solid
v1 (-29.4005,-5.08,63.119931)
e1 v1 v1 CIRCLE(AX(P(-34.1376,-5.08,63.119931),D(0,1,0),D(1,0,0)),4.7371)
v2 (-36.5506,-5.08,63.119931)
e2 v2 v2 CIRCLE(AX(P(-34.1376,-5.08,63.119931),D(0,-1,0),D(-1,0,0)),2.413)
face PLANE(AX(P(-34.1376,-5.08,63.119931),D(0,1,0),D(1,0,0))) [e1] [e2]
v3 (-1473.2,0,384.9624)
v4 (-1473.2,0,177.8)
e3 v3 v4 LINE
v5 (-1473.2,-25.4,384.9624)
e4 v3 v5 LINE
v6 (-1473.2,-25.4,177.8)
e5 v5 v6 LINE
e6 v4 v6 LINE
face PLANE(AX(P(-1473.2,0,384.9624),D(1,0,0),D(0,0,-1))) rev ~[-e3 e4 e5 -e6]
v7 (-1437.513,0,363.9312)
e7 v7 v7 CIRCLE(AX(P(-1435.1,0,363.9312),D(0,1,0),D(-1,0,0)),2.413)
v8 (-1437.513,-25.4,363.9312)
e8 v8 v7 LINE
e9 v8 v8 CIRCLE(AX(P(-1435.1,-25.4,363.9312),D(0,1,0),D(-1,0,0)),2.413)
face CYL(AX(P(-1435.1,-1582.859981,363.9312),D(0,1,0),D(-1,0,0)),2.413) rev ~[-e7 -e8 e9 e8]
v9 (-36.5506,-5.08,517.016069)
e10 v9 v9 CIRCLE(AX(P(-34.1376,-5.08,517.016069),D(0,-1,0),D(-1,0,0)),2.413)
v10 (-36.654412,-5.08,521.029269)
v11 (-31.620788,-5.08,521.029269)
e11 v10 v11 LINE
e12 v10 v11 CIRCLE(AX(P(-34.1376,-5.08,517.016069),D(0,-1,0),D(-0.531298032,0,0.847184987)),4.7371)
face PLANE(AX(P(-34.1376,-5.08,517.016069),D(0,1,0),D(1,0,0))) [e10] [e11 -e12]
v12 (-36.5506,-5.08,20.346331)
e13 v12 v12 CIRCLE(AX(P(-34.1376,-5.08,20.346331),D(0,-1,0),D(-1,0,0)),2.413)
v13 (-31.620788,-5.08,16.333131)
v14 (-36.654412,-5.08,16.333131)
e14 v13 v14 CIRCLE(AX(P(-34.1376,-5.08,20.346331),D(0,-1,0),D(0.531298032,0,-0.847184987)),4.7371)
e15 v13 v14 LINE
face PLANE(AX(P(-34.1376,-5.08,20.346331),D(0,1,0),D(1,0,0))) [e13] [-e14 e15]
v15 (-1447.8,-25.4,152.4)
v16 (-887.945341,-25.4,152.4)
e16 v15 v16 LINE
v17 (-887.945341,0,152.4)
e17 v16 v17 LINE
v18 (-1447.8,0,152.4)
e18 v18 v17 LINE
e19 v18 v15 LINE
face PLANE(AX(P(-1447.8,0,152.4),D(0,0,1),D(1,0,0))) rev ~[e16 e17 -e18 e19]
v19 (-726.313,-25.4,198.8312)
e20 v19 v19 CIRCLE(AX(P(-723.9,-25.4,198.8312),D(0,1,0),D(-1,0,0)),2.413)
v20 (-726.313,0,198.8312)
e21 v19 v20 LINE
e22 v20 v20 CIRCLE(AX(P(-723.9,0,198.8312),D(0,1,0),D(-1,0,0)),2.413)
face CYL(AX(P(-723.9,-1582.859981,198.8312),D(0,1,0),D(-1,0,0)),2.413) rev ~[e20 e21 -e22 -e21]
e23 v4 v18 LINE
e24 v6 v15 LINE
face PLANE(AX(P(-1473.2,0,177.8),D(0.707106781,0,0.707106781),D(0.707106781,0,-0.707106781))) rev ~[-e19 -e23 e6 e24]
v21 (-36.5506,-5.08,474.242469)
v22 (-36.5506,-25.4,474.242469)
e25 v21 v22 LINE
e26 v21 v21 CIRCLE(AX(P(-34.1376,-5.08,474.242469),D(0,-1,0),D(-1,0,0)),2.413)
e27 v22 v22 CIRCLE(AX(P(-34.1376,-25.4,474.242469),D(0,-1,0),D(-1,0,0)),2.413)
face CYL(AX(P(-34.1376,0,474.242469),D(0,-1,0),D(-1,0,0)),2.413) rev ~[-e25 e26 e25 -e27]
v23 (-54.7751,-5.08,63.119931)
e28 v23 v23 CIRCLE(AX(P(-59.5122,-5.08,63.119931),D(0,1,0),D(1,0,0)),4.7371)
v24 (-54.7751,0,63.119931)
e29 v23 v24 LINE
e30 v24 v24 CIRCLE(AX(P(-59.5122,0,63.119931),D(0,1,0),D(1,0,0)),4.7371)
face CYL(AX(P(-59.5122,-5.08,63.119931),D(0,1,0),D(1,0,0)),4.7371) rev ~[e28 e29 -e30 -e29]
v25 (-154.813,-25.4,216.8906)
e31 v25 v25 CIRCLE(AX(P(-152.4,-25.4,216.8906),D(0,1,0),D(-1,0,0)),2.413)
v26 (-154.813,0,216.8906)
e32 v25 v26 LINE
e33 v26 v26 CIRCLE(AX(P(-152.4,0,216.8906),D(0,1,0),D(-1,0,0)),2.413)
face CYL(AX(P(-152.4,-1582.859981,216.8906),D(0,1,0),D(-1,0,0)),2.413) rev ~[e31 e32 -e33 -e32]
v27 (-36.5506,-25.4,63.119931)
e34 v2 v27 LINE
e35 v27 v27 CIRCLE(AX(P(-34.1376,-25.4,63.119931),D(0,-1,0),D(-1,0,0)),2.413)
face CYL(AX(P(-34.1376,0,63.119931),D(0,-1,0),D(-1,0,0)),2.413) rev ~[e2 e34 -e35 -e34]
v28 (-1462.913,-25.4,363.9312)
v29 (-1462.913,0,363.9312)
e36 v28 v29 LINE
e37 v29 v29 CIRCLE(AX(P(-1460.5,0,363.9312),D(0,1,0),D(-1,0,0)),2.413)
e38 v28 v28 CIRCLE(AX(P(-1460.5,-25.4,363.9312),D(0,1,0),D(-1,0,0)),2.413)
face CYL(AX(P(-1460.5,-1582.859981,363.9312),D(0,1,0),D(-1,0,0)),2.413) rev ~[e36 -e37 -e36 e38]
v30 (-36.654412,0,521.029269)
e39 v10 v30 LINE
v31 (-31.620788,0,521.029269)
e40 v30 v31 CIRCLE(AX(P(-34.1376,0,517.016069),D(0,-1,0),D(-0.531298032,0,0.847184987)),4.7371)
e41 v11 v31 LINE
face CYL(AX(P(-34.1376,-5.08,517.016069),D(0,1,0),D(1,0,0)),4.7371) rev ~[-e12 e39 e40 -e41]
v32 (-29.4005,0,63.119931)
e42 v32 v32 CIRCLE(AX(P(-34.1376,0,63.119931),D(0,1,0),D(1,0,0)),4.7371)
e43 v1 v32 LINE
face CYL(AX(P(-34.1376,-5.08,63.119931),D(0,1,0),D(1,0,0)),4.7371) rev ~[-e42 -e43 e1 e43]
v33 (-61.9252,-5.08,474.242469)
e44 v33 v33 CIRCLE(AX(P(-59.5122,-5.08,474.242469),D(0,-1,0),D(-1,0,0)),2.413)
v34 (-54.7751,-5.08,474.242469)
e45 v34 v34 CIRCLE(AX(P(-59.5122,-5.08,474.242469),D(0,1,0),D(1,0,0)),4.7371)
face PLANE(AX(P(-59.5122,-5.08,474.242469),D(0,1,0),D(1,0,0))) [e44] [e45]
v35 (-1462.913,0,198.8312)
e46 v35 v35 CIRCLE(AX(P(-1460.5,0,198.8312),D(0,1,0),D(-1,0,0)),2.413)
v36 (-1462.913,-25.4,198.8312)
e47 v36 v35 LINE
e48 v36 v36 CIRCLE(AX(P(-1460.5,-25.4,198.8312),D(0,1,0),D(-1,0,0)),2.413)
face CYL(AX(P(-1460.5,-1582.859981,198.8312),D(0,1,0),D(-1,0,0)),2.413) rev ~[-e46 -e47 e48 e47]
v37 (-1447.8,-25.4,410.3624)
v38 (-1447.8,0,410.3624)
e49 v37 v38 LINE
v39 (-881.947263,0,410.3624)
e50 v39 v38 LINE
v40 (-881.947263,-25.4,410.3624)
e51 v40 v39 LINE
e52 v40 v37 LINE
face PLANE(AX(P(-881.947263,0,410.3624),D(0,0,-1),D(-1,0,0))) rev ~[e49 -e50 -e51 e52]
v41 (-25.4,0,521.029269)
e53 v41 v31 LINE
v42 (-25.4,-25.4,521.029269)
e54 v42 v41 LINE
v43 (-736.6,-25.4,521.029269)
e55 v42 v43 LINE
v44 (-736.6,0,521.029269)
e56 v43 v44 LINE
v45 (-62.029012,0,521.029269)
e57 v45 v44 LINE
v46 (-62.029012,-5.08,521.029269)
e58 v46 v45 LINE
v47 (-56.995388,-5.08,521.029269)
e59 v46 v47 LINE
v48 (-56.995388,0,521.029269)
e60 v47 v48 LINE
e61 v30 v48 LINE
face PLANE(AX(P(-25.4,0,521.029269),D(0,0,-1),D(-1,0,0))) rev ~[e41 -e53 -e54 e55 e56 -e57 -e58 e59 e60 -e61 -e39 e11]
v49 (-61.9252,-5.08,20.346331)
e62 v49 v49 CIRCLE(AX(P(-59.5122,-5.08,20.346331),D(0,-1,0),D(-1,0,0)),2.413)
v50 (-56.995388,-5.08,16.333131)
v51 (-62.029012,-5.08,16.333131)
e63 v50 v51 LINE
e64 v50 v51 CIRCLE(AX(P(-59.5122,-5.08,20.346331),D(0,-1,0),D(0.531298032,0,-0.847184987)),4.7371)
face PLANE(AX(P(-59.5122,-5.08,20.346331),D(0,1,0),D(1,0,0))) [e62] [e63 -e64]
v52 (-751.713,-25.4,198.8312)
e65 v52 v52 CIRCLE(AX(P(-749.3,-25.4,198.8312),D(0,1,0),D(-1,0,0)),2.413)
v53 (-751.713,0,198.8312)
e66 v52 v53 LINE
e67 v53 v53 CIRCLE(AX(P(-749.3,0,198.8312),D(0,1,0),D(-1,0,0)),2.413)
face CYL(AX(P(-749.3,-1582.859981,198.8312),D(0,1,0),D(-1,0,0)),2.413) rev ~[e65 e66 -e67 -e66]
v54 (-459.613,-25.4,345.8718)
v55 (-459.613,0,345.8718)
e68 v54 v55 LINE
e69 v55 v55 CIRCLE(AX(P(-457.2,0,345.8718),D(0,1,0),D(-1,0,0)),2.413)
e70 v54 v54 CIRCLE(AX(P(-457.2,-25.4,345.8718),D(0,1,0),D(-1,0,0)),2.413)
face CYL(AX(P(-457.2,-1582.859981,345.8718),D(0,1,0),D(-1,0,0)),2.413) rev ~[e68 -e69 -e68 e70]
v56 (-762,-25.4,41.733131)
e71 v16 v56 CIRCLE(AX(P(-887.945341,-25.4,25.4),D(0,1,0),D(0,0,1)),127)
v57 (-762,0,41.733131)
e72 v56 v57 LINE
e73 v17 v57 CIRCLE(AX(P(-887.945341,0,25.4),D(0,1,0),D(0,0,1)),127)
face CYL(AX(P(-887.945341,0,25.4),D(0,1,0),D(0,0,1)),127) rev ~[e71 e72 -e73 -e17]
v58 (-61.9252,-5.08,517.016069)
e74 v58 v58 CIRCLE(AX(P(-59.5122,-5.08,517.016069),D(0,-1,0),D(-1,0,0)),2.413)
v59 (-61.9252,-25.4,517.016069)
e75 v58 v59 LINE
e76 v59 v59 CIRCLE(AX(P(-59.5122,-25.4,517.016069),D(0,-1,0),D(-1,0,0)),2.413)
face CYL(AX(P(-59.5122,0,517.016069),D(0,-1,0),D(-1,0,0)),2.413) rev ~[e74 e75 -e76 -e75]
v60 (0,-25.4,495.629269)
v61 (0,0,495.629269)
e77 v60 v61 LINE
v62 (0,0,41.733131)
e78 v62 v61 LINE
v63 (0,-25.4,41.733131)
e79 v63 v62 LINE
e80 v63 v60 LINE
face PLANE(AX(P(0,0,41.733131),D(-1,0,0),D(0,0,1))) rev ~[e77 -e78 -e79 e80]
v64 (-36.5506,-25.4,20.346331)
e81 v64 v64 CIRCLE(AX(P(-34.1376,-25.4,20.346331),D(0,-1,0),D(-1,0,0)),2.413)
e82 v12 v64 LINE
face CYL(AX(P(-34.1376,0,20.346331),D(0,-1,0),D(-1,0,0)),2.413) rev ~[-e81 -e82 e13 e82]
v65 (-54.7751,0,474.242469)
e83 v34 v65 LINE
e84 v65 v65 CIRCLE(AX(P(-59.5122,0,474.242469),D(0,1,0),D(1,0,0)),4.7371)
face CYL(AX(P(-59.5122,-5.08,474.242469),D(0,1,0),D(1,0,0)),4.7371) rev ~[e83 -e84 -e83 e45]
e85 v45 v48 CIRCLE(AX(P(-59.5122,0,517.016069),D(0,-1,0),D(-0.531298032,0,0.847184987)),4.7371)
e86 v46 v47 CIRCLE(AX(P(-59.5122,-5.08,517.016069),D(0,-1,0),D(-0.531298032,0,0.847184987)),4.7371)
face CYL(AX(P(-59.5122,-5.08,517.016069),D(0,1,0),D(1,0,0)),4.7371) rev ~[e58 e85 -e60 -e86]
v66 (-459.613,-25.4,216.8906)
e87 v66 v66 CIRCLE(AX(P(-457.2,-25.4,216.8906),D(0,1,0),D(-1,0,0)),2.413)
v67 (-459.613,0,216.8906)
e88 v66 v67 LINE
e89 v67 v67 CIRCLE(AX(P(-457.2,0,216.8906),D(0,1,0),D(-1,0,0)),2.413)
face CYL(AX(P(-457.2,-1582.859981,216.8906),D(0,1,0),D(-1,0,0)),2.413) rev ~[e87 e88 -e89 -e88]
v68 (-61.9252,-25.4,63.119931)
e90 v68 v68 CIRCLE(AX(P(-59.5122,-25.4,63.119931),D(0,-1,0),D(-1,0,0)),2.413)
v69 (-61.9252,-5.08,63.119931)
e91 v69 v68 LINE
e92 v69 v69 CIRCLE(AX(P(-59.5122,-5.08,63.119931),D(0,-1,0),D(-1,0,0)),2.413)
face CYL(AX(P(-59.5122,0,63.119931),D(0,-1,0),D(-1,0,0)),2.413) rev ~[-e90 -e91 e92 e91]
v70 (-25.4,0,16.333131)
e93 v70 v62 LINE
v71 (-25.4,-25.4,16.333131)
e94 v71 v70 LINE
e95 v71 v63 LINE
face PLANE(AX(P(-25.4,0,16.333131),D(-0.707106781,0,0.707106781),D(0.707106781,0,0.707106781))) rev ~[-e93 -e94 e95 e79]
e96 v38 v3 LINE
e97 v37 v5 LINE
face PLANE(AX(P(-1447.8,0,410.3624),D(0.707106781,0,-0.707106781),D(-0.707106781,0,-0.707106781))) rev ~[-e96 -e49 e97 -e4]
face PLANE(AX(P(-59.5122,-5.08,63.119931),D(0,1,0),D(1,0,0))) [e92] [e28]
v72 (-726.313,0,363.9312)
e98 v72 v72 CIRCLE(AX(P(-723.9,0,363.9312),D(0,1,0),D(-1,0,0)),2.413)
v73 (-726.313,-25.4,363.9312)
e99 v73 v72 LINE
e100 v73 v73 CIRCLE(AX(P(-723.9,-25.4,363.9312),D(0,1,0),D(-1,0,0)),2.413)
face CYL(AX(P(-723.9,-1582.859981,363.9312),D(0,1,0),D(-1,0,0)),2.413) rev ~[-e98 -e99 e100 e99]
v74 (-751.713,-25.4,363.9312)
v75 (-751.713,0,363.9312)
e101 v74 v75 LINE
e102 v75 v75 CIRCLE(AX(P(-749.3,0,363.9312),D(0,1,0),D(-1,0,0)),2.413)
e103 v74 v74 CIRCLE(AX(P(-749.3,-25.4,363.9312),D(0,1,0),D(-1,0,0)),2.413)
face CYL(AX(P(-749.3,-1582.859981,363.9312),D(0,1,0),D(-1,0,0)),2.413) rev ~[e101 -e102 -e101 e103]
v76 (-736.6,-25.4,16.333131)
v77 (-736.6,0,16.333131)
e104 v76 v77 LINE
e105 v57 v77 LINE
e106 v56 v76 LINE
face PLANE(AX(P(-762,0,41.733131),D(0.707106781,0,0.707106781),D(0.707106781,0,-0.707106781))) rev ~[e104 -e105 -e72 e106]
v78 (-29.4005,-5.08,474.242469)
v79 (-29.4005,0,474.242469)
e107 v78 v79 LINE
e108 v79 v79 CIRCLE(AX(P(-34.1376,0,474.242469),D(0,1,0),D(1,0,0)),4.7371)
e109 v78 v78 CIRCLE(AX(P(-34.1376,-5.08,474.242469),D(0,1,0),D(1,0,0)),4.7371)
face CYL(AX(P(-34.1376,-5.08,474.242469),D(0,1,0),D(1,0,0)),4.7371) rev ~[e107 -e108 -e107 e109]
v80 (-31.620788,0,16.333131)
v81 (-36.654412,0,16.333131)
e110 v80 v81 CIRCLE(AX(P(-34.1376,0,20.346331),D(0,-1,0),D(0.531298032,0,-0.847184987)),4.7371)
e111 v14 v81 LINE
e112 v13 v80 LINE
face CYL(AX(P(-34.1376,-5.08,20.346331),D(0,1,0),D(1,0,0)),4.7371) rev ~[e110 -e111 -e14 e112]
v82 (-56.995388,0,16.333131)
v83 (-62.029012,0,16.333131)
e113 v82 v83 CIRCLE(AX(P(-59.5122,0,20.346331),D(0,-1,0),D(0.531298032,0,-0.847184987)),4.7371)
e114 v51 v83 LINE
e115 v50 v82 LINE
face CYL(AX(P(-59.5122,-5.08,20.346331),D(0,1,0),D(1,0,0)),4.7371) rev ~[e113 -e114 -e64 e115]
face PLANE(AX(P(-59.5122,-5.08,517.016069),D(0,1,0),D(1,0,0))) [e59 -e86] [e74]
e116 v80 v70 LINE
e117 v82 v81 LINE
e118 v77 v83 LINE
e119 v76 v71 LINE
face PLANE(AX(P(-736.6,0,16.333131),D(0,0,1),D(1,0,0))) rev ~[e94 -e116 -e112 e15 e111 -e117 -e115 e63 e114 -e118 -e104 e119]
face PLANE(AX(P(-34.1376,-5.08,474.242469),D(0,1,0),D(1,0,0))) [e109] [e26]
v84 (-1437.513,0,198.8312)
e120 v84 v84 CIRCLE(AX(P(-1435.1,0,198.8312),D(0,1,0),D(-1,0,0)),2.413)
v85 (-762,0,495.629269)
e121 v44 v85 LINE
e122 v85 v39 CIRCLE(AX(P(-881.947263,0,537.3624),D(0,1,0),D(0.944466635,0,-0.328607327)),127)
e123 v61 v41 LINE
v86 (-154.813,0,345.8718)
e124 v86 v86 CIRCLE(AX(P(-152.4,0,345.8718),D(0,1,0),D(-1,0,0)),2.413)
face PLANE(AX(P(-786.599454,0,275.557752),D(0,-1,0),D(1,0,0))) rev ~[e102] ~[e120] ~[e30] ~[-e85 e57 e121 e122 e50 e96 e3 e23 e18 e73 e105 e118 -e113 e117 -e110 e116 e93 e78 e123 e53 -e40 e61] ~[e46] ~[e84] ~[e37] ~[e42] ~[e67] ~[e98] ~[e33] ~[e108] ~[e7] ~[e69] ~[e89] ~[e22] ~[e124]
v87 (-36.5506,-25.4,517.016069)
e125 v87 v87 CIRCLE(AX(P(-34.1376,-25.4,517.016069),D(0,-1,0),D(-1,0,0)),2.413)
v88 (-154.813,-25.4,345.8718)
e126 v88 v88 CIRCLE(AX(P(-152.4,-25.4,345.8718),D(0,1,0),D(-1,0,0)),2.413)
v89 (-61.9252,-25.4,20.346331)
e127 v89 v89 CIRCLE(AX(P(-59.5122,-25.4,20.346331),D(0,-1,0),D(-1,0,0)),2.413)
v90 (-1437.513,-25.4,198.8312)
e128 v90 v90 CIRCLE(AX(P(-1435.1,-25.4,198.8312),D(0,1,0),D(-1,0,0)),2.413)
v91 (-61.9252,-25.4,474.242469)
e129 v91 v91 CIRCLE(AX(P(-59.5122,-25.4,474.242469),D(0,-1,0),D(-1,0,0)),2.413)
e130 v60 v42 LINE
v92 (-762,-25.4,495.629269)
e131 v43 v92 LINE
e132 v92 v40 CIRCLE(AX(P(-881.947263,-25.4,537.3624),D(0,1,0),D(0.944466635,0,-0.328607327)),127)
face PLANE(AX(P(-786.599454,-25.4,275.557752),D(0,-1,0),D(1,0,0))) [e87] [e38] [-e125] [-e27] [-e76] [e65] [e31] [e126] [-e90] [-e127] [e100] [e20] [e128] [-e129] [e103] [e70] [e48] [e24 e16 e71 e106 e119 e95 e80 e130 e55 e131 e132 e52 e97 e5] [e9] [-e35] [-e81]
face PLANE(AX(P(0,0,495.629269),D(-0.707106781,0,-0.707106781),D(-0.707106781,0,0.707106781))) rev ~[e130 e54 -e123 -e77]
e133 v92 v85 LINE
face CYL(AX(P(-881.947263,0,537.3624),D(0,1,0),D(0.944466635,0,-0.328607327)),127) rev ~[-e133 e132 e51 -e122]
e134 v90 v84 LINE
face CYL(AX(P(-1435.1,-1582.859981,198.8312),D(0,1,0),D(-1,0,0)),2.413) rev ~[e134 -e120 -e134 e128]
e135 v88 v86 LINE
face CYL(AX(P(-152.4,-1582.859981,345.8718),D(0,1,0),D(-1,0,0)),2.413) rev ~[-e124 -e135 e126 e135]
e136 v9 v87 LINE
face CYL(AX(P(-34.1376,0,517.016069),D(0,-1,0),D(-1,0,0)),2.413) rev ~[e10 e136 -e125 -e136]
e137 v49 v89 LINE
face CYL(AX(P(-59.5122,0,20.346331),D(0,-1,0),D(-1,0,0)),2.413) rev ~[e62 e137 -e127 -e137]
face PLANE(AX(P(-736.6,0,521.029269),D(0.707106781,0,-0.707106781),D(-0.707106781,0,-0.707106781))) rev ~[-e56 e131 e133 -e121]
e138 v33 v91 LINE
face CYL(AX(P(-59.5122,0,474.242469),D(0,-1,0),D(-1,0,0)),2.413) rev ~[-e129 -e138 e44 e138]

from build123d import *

# Parameters (mm, degrees)
F1_DEPTH       = 12.7
F3_D           = 4.826
F4_DEPTH       = 25.4
F7_D           = 4.826
F7_ON_F6_D     = 4.826
F9_D           = 4.826
F9_CBORE_D     = 9.4742
F9_CBORE_DEPTH = 5.08


with BuildPart() as f1:
    # F0 (on Front) → F1 (new body)
    with BuildSketch(Plane.XZ):
        with BuildLine():
            Line((-1447.8, 410.3624), (-1473.2, 384.9624))
            Line((-1473.2, 384.9624), (-1473.2, 382.9812))
            Line((-1473.2, 382.9812), (-1422.4, 382.9812))
            Line((-1422.4, 382.9812), (-1422.4, 344.8812))
            Line((-1422.4, 344.8812), (-762, 344.8812))
            Line((-762, 344.8812), (-723.9, 344.8812))
            Line((-723.9, 344.8812), (-711.2, 344.8812))
            Line((-711.2, 344.8812), (-711.2, 217.8812))
            Line((-711.2, 217.8812), (-723.9, 217.8812))
            Line((-723.9, 217.8812), (-762, 217.8812))
            Line((-762, 217.8812), (-1422.4, 217.8812))
            Line((-1422.4, 217.8812), (-1422.4, 179.7812))
            Line((-1422.4, 179.7812), (-1473.2, 179.7812))
            Line((-1473.2, 179.7812), (-1473.2, 177.8))
            Line((-1473.2, 177.8), (-1447.8, 152.4))
            Line((-1447.8, 152.4), (-887.9453407126, 152.4))
            ThreePointArc((-887.9453407126, 152.4), (-804.116072485, 120.8025879546), (-762, 41.7331305265))
            Line((-762, 41.7331305265), (-736.6, 16.3331305265))
            Line((-736.6, 16.3331305265), (-25.4, 16.3331305265))
            Line((-25.4, 16.3331305265), (0, 41.7331305265))
            Line((0, 41.7331305265), (0, 495.6292694735))
            Line((0, 495.6292694735), (-25.4, 521.0292694735))
            Line((-25.4, 521.0292694735), (-736.6, 521.0292694735))
            Line((-736.6, 521.0292694735), (-762, 495.6292694735))
            ThreePointArc((-762, 495.6292694735), (-808.3643419956, 433.8512711856), (-881.9472626468, 410.3624))
            Line((-881.9472626468, 410.3624), (-1447.8, 410.3624))
        make_face()
    extrude(amount=F1_DEPTH)

    # F3 (through all)
    with Locations(Plane.XZ.offset(12.7)):
        with Locations((-457.2, 415.7218), (-152.4, 415.7218), (-152.4, 134.3406), (-457.2, 134.3406)):
            Hole(F3_D / 2)

    # F0 (on Front) → F4 (join)
    with BuildSketch(Plane.XZ):
        with BuildLine():
            Line((-1447.8, 410.3624), (-1473.2, 384.9624))
            Line((-1473.2, 384.9624), (-1473.2, 382.9812))
            Line((-1473.2, 382.9812), (-1422.4, 382.9812))
            Line((-1422.4, 382.9812), (-1422.4, 344.8812))
            Line((-1422.4, 344.8812), (-762, 344.8812))
            Line((-762, 344.8812), (-723.9, 344.8812))
            Line((-723.9, 344.8812), (-711.2, 344.8812))
            Line((-711.2, 344.8812), (-711.2, 217.8812))
            Line((-711.2, 217.8812), (-723.9, 217.8812))
            Line((-723.9, 217.8812), (-762, 217.8812))
            Line((-762, 217.8812), (-1422.4, 217.8812))
            Line((-1422.4, 217.8812), (-1422.4, 179.7812))
            Line((-1422.4, 179.7812), (-1473.2, 179.7812))
            Line((-1473.2, 179.7812), (-1473.2, 177.8))
            Line((-1473.2, 177.8), (-1447.8, 152.4))
            Line((-1447.8, 152.4), (-887.9453407126, 152.4))
            ThreePointArc((-887.9453407126, 152.4), (-804.116072485, 120.8025879546), (-762, 41.7331305265))
            Line((-762, 41.7331305265), (-736.6, 16.3331305265))
            Line((-736.6, 16.3331305265), (-25.4, 16.3331305265))
            Line((-25.4, 16.3331305265), (0, 41.7331305265))
            Line((0, 41.7331305265), (0, 495.6292694735))
            Line((0, 495.6292694735), (-25.4, 521.0292694735))
            Line((-25.4, 521.0292694735), (-736.6, 521.0292694735))
            Line((-736.6, 521.0292694735), (-762, 495.6292694735))
            ThreePointArc((-762, 495.6292694735), (-808.3643419956, 433.8512711856), (-881.9472626468, 410.3624))
            Line((-881.9472626468, 410.3624), (-1447.8, 410.3624))
        make_face()
        Polygon((-1422.4, 382.9812), (-1473.2, 382.9812), (-1473.2, 344.8812), (-1460.5, 344.8812), (-1435.1, 344.8812), (-1422.4, 344.8812), align=None)
        Polygon((-1460.5, 344.8812), (-1473.2, 344.8812), (-1473.2, 281.3812), (-1473.2, 217.8812), (-1460.5, 217.8812), (-1435.1, 217.8812), (-1422.4, 217.8812), (-762, 217.8812), (-723.9, 217.8812), (-711.2, 217.8812), (-711.2, 344.8812), (-723.9, 344.8812), (-762, 344.8812), (-1422.4, 344.8812), (-1435.1, 344.8812), align=None)
        Polygon((-1460.5, 217.8812), (-1473.2, 217.8812), (-1473.2, 179.7812), (-1422.4, 179.7812), (-1422.4, 217.8812), (-1435.1, 217.8812), align=None)
    extrude(amount=F4_DEPTH)

    # F7 (through all)
    with Locations(Plane.XZ.offset(25.4)):
        with Locations((-1460.5, 363.9312), (-1435.1, 363.9312), (-1435.1, 198.8312), (-1460.5, 198.8312), (-749.3, 198.8312), (-723.9, 198.8312), (-749.3, 363.9312), (-723.9, 363.9312)):
            Hole(F7_D / 2)

    # F7 on F6 (through all)
    with Locations(Plane.XZ.offset(25.4)):
        with Locations((-457.2, 345.8718), (-152.4, 345.8718), (-152.4, 216.8906), (-457.2, 216.8906)):
            Hole(F7_ON_F6_D / 2)

    # F9 (through all)
    with Locations(Plane(origin=(0, 0, 0), x_dir=(1, 0, 0), z_dir=(0, 1, 0))):
        with Locations((-34.1376, -63.1199305265), (-59.5122, -63.1199305265), (-34.1376, -20.3463305265), (-59.5122, -20.3463305265), (-59.5122, -517.0160694735), (-34.1376, -517.0160694735), (-34.1376, -474.2424694735), (-59.5122, -474.2424694735)):
            CounterBoreHole(F9_D / 2, F9_CBORE_D / 2, F9_CBORE_DEPTH)


solid = f1.part
